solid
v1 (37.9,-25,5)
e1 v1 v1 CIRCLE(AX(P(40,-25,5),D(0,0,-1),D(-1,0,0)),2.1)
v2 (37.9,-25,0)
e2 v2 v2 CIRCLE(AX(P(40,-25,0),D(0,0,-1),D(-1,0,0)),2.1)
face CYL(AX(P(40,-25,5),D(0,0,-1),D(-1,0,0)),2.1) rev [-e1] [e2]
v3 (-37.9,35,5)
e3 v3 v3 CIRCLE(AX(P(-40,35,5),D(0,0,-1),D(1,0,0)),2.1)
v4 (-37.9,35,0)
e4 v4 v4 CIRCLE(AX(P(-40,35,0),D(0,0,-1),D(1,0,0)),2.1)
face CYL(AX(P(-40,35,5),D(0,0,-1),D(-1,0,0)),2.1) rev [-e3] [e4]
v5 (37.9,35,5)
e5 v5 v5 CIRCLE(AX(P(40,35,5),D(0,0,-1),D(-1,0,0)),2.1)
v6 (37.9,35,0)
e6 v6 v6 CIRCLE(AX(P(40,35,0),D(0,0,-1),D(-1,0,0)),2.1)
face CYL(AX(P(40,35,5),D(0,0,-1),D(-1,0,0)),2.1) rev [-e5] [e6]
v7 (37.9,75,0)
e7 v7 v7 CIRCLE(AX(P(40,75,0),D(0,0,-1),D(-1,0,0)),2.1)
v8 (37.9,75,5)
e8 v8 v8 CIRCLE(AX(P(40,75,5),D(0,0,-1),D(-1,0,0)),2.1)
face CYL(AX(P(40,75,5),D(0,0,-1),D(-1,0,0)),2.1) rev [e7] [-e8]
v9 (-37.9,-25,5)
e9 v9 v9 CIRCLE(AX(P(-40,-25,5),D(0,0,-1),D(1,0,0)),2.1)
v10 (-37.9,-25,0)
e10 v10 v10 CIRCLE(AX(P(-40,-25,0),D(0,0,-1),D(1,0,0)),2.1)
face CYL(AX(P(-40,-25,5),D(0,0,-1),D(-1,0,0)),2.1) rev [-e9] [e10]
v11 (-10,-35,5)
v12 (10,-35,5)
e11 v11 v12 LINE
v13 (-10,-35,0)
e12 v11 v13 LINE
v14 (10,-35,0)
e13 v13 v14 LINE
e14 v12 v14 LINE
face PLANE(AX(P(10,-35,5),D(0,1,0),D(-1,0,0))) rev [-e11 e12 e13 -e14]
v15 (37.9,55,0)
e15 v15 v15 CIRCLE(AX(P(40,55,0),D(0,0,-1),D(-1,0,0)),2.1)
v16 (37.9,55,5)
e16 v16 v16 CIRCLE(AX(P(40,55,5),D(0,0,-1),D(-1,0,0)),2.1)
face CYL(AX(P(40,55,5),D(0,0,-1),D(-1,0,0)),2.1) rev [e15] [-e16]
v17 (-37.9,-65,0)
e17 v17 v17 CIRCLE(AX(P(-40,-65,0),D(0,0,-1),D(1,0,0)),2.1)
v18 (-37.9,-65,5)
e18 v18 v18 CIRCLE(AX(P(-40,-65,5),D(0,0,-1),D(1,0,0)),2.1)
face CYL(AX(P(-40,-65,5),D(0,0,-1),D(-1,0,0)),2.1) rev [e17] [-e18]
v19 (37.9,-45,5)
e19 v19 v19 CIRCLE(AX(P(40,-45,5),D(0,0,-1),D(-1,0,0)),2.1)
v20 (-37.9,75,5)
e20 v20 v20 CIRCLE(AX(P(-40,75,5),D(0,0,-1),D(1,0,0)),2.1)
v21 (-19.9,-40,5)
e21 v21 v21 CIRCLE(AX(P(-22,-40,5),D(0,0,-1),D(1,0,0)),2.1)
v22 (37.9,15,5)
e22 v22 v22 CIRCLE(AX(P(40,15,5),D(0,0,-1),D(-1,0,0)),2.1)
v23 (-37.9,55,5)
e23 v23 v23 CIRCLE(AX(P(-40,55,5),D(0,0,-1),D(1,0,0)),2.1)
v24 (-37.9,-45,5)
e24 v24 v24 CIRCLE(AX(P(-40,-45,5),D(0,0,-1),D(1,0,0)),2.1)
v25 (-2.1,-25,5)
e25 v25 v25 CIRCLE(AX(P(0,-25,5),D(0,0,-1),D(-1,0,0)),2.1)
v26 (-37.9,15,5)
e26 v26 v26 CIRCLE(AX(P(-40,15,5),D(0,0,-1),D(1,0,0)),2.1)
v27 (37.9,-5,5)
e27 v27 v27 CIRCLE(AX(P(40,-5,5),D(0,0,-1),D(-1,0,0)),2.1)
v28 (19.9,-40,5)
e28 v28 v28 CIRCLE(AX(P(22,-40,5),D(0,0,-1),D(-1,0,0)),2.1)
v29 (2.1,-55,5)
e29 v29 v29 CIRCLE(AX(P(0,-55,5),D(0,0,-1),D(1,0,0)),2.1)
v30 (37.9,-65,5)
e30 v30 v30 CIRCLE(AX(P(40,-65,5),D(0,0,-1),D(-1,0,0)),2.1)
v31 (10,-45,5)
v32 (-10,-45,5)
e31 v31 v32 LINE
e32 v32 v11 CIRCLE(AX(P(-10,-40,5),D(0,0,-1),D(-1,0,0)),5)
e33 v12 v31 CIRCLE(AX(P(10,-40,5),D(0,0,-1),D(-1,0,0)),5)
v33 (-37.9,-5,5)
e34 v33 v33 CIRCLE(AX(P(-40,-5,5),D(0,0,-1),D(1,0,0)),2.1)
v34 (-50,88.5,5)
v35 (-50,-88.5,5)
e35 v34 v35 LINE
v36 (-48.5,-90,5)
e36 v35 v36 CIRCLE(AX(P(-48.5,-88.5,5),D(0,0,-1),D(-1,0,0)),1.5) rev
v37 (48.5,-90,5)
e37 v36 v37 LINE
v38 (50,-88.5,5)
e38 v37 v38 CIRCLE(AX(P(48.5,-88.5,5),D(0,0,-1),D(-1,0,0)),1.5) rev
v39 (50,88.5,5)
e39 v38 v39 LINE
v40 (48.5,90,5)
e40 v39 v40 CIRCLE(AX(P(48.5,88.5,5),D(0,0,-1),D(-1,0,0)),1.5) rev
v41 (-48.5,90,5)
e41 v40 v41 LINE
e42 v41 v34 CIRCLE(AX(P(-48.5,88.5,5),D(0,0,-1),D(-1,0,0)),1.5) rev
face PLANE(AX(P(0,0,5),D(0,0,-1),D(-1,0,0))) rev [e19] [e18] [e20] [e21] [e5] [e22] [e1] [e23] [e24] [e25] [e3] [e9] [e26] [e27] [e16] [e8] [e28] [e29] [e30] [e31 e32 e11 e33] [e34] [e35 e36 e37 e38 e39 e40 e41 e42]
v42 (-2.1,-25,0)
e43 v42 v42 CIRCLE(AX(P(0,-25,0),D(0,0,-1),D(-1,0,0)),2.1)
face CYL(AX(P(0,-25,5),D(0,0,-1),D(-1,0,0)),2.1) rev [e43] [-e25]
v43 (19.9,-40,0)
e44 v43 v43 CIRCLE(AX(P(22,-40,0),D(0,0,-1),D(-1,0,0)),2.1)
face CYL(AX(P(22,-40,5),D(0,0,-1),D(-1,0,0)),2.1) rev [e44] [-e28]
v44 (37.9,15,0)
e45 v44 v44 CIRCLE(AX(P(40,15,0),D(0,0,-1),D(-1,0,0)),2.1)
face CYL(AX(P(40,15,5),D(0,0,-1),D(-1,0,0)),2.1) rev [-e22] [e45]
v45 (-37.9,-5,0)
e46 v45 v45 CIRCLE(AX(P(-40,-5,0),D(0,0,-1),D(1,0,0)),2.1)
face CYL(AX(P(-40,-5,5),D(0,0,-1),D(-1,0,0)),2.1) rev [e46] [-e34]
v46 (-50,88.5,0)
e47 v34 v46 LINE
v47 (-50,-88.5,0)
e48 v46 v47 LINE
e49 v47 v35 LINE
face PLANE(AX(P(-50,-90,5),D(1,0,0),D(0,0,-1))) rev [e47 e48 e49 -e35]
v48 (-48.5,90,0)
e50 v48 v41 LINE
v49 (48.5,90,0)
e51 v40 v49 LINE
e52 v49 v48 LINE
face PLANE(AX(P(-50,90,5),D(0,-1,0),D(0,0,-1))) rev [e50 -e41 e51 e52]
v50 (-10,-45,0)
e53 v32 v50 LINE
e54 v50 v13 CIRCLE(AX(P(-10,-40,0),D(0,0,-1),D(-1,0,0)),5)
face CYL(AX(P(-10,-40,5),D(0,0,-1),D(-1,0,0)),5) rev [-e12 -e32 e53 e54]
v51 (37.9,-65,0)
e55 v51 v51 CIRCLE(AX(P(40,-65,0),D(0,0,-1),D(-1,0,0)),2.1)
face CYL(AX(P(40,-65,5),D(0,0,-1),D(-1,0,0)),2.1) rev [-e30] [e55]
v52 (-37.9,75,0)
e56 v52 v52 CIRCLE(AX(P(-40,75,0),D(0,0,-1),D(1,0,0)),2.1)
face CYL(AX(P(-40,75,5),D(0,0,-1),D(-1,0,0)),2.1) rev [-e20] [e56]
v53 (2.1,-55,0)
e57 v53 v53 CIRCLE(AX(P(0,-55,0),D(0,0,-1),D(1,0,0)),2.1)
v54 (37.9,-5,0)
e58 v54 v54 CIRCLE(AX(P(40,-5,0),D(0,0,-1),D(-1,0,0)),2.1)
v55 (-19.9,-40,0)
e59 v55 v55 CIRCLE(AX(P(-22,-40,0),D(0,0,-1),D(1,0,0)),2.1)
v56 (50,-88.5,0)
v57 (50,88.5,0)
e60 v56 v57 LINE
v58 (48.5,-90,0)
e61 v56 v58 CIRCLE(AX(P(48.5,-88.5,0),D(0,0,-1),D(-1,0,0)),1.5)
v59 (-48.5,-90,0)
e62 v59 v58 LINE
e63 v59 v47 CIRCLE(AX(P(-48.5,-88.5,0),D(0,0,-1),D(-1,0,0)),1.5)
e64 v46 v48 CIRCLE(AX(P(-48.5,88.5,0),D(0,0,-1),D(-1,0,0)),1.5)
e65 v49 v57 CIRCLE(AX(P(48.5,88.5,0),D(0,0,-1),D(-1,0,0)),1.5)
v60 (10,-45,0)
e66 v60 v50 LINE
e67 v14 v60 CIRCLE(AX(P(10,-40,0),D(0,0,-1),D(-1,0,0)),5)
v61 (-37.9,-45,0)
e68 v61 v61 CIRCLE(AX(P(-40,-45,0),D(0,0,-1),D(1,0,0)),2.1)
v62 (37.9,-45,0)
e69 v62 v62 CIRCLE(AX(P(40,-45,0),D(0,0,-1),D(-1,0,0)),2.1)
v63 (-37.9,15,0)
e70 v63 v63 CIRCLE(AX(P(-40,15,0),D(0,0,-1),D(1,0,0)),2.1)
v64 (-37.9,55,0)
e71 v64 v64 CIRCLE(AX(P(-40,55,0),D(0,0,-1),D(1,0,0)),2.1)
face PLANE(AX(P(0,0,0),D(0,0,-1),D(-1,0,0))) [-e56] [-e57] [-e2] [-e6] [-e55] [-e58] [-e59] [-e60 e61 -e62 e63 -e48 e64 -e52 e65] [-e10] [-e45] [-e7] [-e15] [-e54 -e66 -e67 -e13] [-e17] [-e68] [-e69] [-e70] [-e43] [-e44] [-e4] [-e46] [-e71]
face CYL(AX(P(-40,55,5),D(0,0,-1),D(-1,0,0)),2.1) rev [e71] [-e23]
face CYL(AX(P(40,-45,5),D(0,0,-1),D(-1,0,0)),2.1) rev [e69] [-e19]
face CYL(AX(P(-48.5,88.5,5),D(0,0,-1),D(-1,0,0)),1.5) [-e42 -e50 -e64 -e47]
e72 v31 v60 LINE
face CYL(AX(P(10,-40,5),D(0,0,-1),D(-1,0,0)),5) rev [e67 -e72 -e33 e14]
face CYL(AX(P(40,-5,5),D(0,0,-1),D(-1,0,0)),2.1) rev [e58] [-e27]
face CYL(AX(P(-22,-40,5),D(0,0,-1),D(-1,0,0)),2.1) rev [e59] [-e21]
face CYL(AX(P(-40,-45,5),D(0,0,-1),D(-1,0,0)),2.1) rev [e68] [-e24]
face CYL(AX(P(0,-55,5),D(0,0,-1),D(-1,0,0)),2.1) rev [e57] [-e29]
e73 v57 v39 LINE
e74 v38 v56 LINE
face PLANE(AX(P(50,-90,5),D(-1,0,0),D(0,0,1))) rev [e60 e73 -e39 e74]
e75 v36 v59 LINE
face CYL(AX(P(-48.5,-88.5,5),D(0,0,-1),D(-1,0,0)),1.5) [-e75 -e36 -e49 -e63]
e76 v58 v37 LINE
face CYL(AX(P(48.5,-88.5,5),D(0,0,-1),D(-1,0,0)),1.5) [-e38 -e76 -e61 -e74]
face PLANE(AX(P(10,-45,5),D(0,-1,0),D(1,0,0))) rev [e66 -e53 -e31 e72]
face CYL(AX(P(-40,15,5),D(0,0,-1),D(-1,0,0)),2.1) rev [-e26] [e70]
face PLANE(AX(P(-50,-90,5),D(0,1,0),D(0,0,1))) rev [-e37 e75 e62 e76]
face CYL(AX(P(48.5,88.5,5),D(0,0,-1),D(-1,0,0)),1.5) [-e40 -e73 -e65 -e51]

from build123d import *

# Parameters (mm, degrees)
SKETCH1_W           = 100
SKETCH1_H           = 180
BOSS_EXTRUDE1_DEPTH = 5
SKETCH2_R           = 2.1
CUT_EXTRUDE1_DEPTH  = 104.07764064
FILLET1_R           = 1.5
SKETCH3_R           = 2.1
CUT_EXTRUDE2_DEPTH  = 104.07764064


with BuildPart() as part:
    # Sketch1 → Boss-Extrude1 (new body)
    with BuildSketch(Plane.XY):
        Rectangle(SKETCH1_W, SKETCH1_H)
    extrude(amount=BOSS_EXTRUDE1_DEPTH)

    # Sketch2 → Cut-Extrude1 (cut, through all)
    with BuildSketch(Plane(origin=(0, 0, 0), x_dir=(-1, 0, 0), z_dir=(0, 0, -1))):
        with Locations((-22, -40)):
            Circle(SKETCH2_R)
        with Locations((0, -25)):
            Circle(SKETCH2_R)
        with Locations(Location((22, -40, 0), (0, 0, 180))):
            Circle(SKETCH2_R)
        with Locations(Location((0, -55, 0), (0, 0, 180))):
            Circle(SKETCH2_R)
        with BuildLine():
            Line((-10, -35), (10, -35))
            ThreePointArc((10, -35), (15, -40), (10, -45))
            Line((10, -45), (-10, -45))
            ThreePointArc((-10, -45), (-15, -40), (-10, -35))
        make_face()
    extrude(amount=-CUT_EXTRUDE1_DEPTH, mode=Mode.SUBTRACT)

    # Fillet1
    fillet1_edges = [part.edges().sort_by_distance(p)[0] for p in [
        (50, -90, 2.5),
        (-50, -90, 2.5),
        (-50, 90, 2.5),
        (50, 90, 2.5),
    ]]
    fillet(fillet1_edges, radius=FILLET1_R)

    # Sketch3 → Cut-Extrude2 (cut, through all)
    with BuildSketch(Plane(origin=(0, 0, 0), x_dir=(-1, 0, 0), z_dir=(0, 0, -1))):
        with Locations((-40, 75)):
            Circle(SKETCH3_R)
        with Locations((-40, 55)):
            Circle(SKETCH3_R)
        with Locations((-40, 35)):
            Circle(SKETCH3_R)
        with Locations((-40, 15)):
            Circle(SKETCH3_R)
        with Locations((-40, -5)):
            Circle(SKETCH3_R)
        with Locations(Location((40, -5, 0), (0, 0, 180))):
            Circle(SKETCH3_R)
        with Locations(Location((40, 15, 0), (0, 0, 180))):
            Circle(SKETCH3_R)
        with Locations(Location((40, 35, 0), (0, 0, 180))):
            Circle(SKETCH3_R)
        with Locations(Location((40, 75, 0), (0, 0, 180))):
            Circle(SKETCH3_R)
        with Locations(Location((40, 55, 0), (0, 0, 180))):
            Circle(SKETCH3_R)
        with Locations((-40, -25)):
            Circle(SKETCH3_R)
        with Locations((-40, -45)):
            Circle(SKETCH3_R)
        with Locations((-40, -65)):
            Circle(SKETCH3_R)
        with Locations(Location((40, -65, 0), (0, 0, 180))):
            Circle(SKETCH3_R)
        with Locations(Location((40, -45, 0), (0, 0, 180))):
            Circle(SKETCH3_R)
        with Locations(Location((40, -25, 0), (0, 0, 180))):
            Circle(SKETCH3_R)
    extrude(amount=-CUT_EXTRUDE2_DEPTH, mode=Mode.SUBTRACT)


solid = part.part
